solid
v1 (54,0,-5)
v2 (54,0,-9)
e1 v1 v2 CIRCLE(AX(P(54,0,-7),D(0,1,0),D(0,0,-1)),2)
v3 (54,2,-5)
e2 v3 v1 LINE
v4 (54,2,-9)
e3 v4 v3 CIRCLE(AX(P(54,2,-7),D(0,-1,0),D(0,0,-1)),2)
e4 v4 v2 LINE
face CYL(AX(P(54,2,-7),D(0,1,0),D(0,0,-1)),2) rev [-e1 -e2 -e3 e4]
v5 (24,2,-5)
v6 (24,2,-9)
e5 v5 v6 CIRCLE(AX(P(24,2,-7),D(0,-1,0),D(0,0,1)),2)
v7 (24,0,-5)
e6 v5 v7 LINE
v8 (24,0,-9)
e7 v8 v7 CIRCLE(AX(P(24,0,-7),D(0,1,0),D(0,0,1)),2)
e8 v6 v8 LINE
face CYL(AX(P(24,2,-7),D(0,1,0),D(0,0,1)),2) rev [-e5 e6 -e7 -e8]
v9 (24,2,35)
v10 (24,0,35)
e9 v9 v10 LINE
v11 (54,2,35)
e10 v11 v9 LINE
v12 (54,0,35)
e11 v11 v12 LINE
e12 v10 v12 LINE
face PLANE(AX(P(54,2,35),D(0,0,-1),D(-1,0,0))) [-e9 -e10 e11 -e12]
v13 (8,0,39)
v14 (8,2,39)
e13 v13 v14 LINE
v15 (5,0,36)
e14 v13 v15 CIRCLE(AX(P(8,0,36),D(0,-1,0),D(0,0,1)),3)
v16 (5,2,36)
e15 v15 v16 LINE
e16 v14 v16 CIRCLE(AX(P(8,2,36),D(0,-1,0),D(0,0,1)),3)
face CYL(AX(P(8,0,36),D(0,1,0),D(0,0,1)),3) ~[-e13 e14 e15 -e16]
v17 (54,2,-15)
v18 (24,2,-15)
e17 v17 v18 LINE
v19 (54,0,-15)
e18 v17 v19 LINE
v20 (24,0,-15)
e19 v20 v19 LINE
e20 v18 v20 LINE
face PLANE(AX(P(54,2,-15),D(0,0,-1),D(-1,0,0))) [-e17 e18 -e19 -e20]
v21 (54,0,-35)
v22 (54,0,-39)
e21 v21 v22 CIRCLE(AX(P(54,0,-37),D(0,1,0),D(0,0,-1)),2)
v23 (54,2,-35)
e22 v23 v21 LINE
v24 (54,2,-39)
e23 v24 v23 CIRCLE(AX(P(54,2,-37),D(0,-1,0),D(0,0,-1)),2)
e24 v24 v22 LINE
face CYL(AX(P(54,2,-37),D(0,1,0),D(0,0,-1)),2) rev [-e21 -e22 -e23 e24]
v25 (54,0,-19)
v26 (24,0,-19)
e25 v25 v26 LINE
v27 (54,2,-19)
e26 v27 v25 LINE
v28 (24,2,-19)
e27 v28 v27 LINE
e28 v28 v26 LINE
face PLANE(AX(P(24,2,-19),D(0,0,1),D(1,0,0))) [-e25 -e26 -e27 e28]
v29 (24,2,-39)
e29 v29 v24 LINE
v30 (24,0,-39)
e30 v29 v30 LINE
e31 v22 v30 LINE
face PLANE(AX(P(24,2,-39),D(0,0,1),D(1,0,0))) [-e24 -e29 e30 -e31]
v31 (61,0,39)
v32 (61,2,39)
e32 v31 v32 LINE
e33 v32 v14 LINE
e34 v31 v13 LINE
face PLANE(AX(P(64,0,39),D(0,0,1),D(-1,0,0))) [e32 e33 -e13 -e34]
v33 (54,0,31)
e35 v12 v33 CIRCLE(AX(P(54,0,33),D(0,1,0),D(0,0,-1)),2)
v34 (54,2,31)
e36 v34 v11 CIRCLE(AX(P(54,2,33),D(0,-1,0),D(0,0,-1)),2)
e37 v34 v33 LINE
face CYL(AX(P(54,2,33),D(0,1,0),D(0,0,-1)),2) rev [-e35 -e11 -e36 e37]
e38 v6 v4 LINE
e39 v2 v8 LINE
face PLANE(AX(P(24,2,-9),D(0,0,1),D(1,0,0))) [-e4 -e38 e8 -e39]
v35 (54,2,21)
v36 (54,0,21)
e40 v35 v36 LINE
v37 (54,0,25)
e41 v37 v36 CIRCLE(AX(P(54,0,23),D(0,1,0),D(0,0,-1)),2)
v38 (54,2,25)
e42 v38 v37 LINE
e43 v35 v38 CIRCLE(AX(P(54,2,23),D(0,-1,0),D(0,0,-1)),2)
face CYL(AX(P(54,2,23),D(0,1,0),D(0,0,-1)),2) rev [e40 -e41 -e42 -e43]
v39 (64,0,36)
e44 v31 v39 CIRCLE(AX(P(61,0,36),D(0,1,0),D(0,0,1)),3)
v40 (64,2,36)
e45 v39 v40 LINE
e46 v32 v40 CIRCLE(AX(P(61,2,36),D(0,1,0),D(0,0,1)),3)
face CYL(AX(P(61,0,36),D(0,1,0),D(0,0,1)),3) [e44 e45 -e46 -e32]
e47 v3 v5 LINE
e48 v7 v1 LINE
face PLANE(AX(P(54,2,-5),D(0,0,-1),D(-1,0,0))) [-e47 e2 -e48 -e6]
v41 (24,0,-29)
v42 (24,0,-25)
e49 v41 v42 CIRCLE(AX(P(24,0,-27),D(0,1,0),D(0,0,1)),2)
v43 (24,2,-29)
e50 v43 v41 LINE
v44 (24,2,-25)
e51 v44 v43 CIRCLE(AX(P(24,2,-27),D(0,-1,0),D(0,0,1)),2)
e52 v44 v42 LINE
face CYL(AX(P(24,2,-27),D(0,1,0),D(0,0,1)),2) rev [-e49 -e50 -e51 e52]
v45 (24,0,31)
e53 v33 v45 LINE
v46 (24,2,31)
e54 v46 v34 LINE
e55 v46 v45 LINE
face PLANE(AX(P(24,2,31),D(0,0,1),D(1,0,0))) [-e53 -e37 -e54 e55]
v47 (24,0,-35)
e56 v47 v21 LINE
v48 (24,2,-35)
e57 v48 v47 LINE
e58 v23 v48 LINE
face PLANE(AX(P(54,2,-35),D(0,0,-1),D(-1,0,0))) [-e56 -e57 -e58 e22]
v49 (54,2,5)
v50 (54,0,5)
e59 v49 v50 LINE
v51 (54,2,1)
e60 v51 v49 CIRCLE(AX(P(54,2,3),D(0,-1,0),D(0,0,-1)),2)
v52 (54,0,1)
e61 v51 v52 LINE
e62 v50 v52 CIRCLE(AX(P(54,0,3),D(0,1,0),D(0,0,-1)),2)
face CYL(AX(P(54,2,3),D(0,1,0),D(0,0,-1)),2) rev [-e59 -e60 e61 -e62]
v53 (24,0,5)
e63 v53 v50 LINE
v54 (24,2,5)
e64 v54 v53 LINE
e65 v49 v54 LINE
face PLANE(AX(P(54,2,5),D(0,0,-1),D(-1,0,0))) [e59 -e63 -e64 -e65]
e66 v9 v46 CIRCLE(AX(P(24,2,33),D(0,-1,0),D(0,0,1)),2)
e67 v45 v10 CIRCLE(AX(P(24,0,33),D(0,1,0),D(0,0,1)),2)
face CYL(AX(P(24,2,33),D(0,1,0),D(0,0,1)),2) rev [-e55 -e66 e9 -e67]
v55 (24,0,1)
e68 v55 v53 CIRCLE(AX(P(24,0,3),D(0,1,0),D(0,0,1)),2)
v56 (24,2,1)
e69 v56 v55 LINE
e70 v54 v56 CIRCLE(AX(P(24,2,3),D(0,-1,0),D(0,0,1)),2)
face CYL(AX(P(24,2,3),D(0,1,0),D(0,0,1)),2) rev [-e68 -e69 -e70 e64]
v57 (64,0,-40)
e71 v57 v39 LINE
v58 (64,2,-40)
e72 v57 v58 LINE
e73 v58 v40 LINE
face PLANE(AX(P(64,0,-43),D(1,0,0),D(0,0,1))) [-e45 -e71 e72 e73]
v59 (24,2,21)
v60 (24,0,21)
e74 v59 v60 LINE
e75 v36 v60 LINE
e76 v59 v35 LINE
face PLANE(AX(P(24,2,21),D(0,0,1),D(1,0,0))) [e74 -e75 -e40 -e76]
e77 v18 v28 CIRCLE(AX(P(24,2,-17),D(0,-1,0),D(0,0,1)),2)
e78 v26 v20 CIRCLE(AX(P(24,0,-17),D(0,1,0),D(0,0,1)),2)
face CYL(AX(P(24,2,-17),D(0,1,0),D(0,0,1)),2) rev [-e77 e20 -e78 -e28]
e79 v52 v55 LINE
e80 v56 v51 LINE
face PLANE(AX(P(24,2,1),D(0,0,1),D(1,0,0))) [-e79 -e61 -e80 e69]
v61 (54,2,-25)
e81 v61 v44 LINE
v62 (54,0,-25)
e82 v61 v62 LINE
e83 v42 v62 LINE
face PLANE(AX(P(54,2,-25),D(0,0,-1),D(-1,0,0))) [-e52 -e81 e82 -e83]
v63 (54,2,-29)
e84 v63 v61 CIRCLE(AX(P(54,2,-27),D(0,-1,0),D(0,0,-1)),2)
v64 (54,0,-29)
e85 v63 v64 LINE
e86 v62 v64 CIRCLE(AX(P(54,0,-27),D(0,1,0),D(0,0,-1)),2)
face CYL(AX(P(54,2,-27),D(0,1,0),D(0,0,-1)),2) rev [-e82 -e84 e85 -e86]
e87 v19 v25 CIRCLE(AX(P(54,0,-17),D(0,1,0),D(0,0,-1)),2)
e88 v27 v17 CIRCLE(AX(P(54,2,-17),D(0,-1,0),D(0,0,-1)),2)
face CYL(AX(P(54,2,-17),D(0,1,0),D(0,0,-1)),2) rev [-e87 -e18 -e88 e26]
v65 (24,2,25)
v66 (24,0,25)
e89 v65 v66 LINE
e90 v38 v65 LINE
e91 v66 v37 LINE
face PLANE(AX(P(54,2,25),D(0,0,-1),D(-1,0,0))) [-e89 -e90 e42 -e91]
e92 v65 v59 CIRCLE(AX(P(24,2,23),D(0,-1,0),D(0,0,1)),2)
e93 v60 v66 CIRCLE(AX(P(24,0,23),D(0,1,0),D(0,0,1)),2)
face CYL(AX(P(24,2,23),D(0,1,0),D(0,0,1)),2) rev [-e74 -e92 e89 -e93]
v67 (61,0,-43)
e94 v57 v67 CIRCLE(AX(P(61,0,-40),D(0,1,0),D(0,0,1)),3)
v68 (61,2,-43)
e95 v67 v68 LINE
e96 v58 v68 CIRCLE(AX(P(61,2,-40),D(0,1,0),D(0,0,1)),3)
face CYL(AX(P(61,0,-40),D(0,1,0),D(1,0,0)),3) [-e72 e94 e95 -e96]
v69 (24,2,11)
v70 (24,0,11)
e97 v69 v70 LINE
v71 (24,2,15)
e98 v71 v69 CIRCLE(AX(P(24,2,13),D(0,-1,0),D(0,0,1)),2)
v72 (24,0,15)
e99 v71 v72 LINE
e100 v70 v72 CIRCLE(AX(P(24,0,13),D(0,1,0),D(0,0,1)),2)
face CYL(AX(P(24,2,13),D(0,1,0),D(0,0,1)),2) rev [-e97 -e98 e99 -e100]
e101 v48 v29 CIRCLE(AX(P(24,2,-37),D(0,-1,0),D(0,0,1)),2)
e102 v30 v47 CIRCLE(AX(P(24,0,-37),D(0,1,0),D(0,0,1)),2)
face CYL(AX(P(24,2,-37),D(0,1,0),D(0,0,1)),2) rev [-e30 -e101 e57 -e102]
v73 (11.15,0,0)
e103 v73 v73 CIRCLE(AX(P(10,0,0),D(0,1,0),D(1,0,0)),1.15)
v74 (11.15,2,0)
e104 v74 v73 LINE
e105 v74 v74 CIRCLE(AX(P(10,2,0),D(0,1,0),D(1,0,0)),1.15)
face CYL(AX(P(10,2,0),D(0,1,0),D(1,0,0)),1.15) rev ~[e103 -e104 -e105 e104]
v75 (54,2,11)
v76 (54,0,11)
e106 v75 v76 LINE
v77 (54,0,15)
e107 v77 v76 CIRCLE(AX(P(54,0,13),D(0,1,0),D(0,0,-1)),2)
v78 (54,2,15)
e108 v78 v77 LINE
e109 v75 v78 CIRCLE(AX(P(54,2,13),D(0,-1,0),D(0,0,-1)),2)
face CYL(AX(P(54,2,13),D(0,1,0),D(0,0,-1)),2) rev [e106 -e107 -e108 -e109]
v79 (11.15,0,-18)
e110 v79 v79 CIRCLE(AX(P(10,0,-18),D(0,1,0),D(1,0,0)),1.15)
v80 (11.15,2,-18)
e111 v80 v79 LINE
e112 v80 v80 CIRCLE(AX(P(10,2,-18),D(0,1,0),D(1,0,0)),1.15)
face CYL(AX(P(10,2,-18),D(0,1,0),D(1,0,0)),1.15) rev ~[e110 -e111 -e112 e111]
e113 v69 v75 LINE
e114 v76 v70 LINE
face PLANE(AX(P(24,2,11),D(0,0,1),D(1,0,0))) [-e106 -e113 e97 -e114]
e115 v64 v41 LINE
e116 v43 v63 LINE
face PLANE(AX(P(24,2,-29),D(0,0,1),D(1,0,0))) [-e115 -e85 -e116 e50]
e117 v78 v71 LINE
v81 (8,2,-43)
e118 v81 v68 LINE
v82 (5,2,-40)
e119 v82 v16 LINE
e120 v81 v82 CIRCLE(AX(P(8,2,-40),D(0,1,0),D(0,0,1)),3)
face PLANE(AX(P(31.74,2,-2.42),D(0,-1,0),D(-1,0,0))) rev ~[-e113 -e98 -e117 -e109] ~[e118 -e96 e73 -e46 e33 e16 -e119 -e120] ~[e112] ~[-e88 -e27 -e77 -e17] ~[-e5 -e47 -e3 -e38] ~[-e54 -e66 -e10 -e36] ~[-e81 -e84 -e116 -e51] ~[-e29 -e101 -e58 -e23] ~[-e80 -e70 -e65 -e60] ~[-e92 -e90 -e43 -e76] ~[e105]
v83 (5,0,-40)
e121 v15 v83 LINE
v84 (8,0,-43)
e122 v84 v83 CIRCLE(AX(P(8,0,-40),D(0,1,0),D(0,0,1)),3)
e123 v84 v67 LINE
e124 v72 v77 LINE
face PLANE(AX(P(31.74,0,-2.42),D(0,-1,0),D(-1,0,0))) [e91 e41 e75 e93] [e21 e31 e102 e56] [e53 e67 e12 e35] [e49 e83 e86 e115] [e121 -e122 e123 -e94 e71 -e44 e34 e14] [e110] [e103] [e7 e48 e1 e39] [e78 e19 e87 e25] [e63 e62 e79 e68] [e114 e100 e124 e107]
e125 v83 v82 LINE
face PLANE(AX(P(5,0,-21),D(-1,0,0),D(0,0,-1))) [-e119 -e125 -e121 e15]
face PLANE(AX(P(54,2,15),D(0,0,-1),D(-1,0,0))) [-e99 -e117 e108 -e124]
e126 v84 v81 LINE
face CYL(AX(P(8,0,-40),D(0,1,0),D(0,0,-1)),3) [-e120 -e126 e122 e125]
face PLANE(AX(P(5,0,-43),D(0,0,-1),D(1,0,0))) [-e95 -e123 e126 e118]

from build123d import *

# Parameters (mm, degrees)
SKETCH_1_R          = 1.15
EXTRUDE_1_DEPTH     = 2
FILLET_1_R          = 3
SKETCH_2_R          = 1.15
CUT_EXTRUDE_1_DEPTH = 2
SKETCH_3_W          = 9
SKETCH_3_H          = 30
CUT_EXTRUDE_2_DEPTH = 2
CUT_EXTRUDE_3_DEPTH = 3


with BuildPart() as part:
    # 草图1 → 凸台-拉伸1 (new body)
    with BuildSketch(Plane(origin=(0, 0, 0), x_dir=(1, 0, 0), z_dir=(0, 1, 0))):
        Polygon((64, -39), (5, -39), (5, -3), (-4, -3), (-4, 21), (5, 21), (5, 43), (64, 43), align=None)
        Circle(SKETCH_1_R, mode=Mode.SUBTRACT)
        with Locations((0, 18)):
            Circle(SKETCH_1_R, mode=Mode.SUBTRACT)
    extrude(amount=EXTRUDE_1_DEPTH)

    # 圆角1
    fillet_1_edges = [part.edges().sort_by_distance(p)[0] for p in [
        (5, 1, -43),
        (64, 1, -43),
        (64, 1, 39),
        (5, 1, 39),
        (5, 1, 3),
        (-4, 1, 3),
        (-4, 1, -21),
        (5, 1, -21),
    ]]
    fillet(fillet_1_edges, radius=FILLET_1_R)

    # 草图2 → 切除-拉伸1 (cut)
    with BuildSketch(Plane(origin=(0, 2, 0), x_dir=(1, 0, 0), z_dir=(0, 1, 0))):
        with Locations((10, 18)):
            Circle(SKETCH_2_R)
        with Locations((10, 0)):
            Circle(SKETCH_2_R)
    extrude(amount=-CUT_EXTRUDE_1_DEPTH, mode=Mode.SUBTRACT)

    # 草图3 → 切除-拉伸2 (cut)
    with BuildSketch(Plane(origin=(0, 2, 0), x_dir=(1, 0, 0), z_dir=(0, 1, 0))):
        with Locations((0.5, 9)):
            Rectangle(SKETCH_3_W, SKETCH_3_H)
    extrude(amount=-CUT_EXTRUDE_2_DEPTH, mode=Mode.SUBTRACT)

    # 草图4 → 切除-拉伸3 (cut, through all)
    with BuildSketch(Plane(origin=(0, 2, 0), x_dir=(1, 0, 0), z_dir=(0, 1, 0))):
        with BuildLine():
            Line((24, 39), (54, 39))
            ThreePointArc((54, 39), (56, 37), (54, 35))
            Line((54, 35), (24, 35))
            ThreePointArc((24, 35), (22, 37), (24, 39))
        make_face()
        with BuildLine():
            Line((24, 29), (54, 29))
            ThreePointArc((54, 29), (56, 27), (54, 25))
            Line((54, 25), (24, 25))
            ThreePointArc((24, 25), (22, 27), (24, 29))
        make_face()
        with BuildLine():
            Line((24, 19), (54, 19))
            ThreePointArc((54, 19), (56, 17), (54, 15))
            Line((54, 15), (24, 15))
            ThreePointArc((24, 15), (22, 17), (24, 19))
        make_face()
        with BuildLine():
            Line((24, 9), (54, 9))
            ThreePointArc((54, 9), (56, 7), (54, 5))
            Line((54, 5), (24, 5))
            ThreePointArc((24, 5), (22, 7), (24, 9))
        make_face()
        with BuildLine():
            Line((24, -1), (54, -1))
            ThreePointArc((54, -1), (56, -3), (54, -5))
            Line((54, -5), (24, -5))
            ThreePointArc((24, -5), (22, -3), (24, -1))
        make_face()
        with BuildLine():
            Line((24, -11), (54, -11))
            ThreePointArc((54, -11), (56, -13), (54, -15))
            Line((54, -15), (24, -15))
            ThreePointArc((24, -15), (22, -13), (24, -11))
        make_face()
        with BuildLine():
            Line((24, -21), (54, -21))
            ThreePointArc((54, -21), (56, -23), (54, -25))
            Line((54, -25), (24, -25))
            ThreePointArc((24, -25), (22, -23), (24, -21))
        make_face()
        with BuildLine():
            Line((24, -31), (54, -31))
            ThreePointArc((54, -31), (56, -33), (54, -35))
            Line((54, -35), (24, -35))
            ThreePointArc((24, -35), (22, -33), (24, -31))
        make_face()
    extrude(amount=-CUT_EXTRUDE_3_DEPTH, mode=Mode.SUBTRACT)


solid = part.part
